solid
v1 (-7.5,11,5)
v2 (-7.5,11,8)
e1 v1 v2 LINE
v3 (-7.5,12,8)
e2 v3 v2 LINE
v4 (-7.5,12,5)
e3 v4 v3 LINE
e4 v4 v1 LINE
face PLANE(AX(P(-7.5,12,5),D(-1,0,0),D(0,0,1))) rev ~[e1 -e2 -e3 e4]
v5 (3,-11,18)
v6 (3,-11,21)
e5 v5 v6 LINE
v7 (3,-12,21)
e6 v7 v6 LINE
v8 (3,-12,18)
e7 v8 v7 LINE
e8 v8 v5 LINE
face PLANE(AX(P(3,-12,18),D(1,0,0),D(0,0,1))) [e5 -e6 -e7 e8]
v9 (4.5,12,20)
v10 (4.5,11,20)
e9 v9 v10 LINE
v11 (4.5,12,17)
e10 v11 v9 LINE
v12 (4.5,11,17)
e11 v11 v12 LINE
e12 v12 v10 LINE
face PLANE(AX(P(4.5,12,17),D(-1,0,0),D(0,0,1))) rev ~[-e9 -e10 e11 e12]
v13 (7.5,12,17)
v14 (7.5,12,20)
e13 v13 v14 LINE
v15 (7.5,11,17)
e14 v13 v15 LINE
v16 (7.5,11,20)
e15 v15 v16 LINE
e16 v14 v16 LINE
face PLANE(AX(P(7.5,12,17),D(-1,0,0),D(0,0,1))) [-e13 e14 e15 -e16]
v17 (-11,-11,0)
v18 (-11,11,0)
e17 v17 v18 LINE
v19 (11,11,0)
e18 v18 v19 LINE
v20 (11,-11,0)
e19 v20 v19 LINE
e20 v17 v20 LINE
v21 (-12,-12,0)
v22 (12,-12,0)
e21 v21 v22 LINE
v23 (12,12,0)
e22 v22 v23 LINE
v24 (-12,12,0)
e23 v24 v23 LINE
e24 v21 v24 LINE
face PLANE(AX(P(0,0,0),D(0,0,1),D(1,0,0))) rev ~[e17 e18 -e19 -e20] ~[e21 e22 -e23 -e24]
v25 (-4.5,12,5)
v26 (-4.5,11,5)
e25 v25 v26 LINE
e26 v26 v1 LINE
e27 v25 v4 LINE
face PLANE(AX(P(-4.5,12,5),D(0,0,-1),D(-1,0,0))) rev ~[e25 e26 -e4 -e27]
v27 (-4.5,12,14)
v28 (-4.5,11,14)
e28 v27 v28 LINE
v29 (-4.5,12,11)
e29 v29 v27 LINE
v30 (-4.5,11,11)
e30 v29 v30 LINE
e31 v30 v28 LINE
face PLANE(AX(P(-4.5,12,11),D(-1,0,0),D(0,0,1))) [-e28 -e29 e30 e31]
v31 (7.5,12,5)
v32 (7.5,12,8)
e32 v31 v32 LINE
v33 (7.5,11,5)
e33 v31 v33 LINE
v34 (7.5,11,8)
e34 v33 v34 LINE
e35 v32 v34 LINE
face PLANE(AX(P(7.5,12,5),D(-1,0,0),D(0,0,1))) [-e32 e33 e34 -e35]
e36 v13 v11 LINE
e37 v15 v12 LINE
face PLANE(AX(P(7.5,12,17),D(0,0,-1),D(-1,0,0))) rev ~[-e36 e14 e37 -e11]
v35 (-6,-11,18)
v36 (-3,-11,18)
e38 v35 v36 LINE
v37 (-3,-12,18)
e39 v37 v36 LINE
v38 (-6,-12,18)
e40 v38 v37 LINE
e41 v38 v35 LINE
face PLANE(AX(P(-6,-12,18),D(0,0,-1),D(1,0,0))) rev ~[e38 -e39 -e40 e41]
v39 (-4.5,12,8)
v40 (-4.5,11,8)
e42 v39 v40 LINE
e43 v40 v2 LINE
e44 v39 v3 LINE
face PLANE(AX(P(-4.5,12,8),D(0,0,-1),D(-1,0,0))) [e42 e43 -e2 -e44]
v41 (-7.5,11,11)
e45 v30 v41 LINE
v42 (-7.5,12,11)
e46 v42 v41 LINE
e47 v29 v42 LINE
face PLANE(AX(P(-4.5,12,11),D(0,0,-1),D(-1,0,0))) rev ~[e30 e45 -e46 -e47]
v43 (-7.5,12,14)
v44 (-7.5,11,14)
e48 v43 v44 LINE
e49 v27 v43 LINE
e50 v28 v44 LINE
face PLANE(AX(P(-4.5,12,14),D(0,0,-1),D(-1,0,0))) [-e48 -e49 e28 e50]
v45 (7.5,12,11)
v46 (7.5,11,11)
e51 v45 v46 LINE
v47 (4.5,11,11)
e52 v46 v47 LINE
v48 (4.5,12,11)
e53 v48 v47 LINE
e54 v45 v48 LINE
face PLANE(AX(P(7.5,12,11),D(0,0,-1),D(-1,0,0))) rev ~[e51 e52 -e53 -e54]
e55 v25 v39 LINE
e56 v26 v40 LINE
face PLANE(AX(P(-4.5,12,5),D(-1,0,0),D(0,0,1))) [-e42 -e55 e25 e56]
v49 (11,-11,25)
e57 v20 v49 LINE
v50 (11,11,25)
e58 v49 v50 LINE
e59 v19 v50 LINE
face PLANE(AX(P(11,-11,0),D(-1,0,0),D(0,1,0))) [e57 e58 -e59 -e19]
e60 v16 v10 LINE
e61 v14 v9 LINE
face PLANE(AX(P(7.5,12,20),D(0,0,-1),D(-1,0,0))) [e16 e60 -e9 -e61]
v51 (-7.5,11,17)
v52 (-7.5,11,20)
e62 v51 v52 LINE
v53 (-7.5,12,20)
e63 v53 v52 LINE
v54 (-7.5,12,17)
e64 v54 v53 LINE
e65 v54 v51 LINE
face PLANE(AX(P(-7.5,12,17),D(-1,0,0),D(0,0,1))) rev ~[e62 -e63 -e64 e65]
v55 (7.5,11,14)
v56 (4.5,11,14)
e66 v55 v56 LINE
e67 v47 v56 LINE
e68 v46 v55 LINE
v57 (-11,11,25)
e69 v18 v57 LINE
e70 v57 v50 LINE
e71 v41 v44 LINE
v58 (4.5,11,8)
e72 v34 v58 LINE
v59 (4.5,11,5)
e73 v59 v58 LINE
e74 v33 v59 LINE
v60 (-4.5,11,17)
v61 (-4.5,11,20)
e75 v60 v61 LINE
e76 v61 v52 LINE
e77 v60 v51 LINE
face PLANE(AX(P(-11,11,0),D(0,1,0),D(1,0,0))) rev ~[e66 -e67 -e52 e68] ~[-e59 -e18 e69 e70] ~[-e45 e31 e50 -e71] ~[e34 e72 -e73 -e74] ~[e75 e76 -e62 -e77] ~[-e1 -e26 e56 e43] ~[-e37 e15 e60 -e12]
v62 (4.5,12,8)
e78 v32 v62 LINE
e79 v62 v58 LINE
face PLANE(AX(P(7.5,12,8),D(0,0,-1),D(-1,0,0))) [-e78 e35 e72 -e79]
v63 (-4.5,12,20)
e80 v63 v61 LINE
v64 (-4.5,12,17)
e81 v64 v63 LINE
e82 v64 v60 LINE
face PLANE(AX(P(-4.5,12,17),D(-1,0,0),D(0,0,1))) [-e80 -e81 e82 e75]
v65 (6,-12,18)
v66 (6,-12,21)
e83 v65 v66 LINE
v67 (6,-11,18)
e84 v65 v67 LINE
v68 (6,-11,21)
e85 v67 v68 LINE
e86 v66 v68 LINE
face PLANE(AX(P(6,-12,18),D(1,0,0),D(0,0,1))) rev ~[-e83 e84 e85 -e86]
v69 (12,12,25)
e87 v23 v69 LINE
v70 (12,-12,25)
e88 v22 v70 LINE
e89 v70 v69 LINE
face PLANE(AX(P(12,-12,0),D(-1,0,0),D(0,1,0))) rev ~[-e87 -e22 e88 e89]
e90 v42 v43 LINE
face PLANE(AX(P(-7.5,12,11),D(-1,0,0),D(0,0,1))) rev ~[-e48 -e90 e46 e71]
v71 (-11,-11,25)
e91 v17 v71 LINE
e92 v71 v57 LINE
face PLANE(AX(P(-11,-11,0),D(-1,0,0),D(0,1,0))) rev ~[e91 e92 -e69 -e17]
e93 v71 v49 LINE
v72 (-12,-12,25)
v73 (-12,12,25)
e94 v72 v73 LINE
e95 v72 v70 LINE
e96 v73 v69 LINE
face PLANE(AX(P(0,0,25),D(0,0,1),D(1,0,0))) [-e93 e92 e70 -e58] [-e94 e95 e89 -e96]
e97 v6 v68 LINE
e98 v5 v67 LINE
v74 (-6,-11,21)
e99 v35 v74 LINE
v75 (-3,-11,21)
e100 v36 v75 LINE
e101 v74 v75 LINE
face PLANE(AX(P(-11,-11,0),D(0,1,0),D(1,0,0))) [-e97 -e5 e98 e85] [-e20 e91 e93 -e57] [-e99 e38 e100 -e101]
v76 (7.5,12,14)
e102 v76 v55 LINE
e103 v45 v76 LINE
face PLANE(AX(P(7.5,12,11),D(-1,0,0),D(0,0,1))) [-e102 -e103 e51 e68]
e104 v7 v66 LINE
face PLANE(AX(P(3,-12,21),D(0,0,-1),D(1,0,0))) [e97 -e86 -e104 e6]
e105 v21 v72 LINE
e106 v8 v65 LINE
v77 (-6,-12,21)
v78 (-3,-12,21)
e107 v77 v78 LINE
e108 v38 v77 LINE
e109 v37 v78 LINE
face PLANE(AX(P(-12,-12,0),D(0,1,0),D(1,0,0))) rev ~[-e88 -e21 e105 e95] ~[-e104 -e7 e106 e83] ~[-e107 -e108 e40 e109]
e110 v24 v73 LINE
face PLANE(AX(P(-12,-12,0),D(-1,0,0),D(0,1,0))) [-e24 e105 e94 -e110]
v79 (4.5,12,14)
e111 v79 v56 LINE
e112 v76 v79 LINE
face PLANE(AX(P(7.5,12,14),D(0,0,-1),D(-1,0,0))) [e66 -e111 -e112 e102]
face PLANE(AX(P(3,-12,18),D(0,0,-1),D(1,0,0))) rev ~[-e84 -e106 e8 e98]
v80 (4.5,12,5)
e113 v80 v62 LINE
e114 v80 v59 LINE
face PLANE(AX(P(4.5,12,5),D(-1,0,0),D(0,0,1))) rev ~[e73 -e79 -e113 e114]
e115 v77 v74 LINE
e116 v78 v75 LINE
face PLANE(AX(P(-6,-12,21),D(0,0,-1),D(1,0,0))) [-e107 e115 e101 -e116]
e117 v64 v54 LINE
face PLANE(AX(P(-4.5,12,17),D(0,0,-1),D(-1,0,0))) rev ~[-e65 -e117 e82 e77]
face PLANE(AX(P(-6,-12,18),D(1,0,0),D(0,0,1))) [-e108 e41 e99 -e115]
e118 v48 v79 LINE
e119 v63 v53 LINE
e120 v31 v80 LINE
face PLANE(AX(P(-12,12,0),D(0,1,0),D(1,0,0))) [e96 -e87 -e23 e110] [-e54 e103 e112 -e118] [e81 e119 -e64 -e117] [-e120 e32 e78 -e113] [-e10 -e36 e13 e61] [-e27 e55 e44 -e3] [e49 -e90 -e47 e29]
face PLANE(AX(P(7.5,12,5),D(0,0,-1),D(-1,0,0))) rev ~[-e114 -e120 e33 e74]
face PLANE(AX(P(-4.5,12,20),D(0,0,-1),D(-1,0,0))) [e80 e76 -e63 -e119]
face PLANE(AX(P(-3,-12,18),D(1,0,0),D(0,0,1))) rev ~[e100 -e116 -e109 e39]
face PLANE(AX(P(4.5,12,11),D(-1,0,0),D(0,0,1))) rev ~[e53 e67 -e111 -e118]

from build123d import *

# Parameters (mm, degrees)
F0_W     = 24
F0_H     = 24
F0_W_2   = 22
F0_H_2   = 22
F1_DEPTH = 25
F2_W     = 3
F2_H     = 3
F3_DEPTH = 1
F4_W     = 3
F4_H     = 3
F5_DEPTH = 1


with BuildPart() as f1:
    # F0 (on Top) → F1 (new body)
    with BuildSketch(Plane.XY):
        Rectangle(F0_W, F0_H)
        Rectangle(F0_W_2, F0_H_2, mode=Mode.SUBTRACT)
    extrude(amount=F1_DEPTH)

    # F2 (on face) → F3 (cut, through all)
    with BuildSketch(Plane.XZ.offset(12)):
        with Locations((-4.5, 19.5)):
            Rectangle(F2_W, F2_H)
        with Locations((4.5, 19.5)):
            Rectangle(F2_W, F2_H)
    extrude(amount=-F3_DEPTH, mode=Mode.SUBTRACT)

    # F4 (on face) → F5 (cut, through all)
    with BuildSketch(Plane(origin=(0, 12, 0), x_dir=(-1, 0, 0), z_dir=(0, 1, 0))):
        with Locations((-6, 6.5)):
            Rectangle(F4_W, F4_H)
        with Locations((-6, 12.5)):
            Rectangle(F4_W, F4_H)
        with Locations((-6, 18.5)):
            Rectangle(F4_W, F4_H)
        with Locations((6, 18.5)):
            Rectangle(F4_W, F4_H)
        with Locations((6, 12.5)):
            Rectangle(F4_W, F4_H)
        with Locations((6, 6.5)):
            Rectangle(F4_W, F4_H)
    extrude(amount=-F5_DEPTH, mode=Mode.SUBTRACT)


solid = f1.part
